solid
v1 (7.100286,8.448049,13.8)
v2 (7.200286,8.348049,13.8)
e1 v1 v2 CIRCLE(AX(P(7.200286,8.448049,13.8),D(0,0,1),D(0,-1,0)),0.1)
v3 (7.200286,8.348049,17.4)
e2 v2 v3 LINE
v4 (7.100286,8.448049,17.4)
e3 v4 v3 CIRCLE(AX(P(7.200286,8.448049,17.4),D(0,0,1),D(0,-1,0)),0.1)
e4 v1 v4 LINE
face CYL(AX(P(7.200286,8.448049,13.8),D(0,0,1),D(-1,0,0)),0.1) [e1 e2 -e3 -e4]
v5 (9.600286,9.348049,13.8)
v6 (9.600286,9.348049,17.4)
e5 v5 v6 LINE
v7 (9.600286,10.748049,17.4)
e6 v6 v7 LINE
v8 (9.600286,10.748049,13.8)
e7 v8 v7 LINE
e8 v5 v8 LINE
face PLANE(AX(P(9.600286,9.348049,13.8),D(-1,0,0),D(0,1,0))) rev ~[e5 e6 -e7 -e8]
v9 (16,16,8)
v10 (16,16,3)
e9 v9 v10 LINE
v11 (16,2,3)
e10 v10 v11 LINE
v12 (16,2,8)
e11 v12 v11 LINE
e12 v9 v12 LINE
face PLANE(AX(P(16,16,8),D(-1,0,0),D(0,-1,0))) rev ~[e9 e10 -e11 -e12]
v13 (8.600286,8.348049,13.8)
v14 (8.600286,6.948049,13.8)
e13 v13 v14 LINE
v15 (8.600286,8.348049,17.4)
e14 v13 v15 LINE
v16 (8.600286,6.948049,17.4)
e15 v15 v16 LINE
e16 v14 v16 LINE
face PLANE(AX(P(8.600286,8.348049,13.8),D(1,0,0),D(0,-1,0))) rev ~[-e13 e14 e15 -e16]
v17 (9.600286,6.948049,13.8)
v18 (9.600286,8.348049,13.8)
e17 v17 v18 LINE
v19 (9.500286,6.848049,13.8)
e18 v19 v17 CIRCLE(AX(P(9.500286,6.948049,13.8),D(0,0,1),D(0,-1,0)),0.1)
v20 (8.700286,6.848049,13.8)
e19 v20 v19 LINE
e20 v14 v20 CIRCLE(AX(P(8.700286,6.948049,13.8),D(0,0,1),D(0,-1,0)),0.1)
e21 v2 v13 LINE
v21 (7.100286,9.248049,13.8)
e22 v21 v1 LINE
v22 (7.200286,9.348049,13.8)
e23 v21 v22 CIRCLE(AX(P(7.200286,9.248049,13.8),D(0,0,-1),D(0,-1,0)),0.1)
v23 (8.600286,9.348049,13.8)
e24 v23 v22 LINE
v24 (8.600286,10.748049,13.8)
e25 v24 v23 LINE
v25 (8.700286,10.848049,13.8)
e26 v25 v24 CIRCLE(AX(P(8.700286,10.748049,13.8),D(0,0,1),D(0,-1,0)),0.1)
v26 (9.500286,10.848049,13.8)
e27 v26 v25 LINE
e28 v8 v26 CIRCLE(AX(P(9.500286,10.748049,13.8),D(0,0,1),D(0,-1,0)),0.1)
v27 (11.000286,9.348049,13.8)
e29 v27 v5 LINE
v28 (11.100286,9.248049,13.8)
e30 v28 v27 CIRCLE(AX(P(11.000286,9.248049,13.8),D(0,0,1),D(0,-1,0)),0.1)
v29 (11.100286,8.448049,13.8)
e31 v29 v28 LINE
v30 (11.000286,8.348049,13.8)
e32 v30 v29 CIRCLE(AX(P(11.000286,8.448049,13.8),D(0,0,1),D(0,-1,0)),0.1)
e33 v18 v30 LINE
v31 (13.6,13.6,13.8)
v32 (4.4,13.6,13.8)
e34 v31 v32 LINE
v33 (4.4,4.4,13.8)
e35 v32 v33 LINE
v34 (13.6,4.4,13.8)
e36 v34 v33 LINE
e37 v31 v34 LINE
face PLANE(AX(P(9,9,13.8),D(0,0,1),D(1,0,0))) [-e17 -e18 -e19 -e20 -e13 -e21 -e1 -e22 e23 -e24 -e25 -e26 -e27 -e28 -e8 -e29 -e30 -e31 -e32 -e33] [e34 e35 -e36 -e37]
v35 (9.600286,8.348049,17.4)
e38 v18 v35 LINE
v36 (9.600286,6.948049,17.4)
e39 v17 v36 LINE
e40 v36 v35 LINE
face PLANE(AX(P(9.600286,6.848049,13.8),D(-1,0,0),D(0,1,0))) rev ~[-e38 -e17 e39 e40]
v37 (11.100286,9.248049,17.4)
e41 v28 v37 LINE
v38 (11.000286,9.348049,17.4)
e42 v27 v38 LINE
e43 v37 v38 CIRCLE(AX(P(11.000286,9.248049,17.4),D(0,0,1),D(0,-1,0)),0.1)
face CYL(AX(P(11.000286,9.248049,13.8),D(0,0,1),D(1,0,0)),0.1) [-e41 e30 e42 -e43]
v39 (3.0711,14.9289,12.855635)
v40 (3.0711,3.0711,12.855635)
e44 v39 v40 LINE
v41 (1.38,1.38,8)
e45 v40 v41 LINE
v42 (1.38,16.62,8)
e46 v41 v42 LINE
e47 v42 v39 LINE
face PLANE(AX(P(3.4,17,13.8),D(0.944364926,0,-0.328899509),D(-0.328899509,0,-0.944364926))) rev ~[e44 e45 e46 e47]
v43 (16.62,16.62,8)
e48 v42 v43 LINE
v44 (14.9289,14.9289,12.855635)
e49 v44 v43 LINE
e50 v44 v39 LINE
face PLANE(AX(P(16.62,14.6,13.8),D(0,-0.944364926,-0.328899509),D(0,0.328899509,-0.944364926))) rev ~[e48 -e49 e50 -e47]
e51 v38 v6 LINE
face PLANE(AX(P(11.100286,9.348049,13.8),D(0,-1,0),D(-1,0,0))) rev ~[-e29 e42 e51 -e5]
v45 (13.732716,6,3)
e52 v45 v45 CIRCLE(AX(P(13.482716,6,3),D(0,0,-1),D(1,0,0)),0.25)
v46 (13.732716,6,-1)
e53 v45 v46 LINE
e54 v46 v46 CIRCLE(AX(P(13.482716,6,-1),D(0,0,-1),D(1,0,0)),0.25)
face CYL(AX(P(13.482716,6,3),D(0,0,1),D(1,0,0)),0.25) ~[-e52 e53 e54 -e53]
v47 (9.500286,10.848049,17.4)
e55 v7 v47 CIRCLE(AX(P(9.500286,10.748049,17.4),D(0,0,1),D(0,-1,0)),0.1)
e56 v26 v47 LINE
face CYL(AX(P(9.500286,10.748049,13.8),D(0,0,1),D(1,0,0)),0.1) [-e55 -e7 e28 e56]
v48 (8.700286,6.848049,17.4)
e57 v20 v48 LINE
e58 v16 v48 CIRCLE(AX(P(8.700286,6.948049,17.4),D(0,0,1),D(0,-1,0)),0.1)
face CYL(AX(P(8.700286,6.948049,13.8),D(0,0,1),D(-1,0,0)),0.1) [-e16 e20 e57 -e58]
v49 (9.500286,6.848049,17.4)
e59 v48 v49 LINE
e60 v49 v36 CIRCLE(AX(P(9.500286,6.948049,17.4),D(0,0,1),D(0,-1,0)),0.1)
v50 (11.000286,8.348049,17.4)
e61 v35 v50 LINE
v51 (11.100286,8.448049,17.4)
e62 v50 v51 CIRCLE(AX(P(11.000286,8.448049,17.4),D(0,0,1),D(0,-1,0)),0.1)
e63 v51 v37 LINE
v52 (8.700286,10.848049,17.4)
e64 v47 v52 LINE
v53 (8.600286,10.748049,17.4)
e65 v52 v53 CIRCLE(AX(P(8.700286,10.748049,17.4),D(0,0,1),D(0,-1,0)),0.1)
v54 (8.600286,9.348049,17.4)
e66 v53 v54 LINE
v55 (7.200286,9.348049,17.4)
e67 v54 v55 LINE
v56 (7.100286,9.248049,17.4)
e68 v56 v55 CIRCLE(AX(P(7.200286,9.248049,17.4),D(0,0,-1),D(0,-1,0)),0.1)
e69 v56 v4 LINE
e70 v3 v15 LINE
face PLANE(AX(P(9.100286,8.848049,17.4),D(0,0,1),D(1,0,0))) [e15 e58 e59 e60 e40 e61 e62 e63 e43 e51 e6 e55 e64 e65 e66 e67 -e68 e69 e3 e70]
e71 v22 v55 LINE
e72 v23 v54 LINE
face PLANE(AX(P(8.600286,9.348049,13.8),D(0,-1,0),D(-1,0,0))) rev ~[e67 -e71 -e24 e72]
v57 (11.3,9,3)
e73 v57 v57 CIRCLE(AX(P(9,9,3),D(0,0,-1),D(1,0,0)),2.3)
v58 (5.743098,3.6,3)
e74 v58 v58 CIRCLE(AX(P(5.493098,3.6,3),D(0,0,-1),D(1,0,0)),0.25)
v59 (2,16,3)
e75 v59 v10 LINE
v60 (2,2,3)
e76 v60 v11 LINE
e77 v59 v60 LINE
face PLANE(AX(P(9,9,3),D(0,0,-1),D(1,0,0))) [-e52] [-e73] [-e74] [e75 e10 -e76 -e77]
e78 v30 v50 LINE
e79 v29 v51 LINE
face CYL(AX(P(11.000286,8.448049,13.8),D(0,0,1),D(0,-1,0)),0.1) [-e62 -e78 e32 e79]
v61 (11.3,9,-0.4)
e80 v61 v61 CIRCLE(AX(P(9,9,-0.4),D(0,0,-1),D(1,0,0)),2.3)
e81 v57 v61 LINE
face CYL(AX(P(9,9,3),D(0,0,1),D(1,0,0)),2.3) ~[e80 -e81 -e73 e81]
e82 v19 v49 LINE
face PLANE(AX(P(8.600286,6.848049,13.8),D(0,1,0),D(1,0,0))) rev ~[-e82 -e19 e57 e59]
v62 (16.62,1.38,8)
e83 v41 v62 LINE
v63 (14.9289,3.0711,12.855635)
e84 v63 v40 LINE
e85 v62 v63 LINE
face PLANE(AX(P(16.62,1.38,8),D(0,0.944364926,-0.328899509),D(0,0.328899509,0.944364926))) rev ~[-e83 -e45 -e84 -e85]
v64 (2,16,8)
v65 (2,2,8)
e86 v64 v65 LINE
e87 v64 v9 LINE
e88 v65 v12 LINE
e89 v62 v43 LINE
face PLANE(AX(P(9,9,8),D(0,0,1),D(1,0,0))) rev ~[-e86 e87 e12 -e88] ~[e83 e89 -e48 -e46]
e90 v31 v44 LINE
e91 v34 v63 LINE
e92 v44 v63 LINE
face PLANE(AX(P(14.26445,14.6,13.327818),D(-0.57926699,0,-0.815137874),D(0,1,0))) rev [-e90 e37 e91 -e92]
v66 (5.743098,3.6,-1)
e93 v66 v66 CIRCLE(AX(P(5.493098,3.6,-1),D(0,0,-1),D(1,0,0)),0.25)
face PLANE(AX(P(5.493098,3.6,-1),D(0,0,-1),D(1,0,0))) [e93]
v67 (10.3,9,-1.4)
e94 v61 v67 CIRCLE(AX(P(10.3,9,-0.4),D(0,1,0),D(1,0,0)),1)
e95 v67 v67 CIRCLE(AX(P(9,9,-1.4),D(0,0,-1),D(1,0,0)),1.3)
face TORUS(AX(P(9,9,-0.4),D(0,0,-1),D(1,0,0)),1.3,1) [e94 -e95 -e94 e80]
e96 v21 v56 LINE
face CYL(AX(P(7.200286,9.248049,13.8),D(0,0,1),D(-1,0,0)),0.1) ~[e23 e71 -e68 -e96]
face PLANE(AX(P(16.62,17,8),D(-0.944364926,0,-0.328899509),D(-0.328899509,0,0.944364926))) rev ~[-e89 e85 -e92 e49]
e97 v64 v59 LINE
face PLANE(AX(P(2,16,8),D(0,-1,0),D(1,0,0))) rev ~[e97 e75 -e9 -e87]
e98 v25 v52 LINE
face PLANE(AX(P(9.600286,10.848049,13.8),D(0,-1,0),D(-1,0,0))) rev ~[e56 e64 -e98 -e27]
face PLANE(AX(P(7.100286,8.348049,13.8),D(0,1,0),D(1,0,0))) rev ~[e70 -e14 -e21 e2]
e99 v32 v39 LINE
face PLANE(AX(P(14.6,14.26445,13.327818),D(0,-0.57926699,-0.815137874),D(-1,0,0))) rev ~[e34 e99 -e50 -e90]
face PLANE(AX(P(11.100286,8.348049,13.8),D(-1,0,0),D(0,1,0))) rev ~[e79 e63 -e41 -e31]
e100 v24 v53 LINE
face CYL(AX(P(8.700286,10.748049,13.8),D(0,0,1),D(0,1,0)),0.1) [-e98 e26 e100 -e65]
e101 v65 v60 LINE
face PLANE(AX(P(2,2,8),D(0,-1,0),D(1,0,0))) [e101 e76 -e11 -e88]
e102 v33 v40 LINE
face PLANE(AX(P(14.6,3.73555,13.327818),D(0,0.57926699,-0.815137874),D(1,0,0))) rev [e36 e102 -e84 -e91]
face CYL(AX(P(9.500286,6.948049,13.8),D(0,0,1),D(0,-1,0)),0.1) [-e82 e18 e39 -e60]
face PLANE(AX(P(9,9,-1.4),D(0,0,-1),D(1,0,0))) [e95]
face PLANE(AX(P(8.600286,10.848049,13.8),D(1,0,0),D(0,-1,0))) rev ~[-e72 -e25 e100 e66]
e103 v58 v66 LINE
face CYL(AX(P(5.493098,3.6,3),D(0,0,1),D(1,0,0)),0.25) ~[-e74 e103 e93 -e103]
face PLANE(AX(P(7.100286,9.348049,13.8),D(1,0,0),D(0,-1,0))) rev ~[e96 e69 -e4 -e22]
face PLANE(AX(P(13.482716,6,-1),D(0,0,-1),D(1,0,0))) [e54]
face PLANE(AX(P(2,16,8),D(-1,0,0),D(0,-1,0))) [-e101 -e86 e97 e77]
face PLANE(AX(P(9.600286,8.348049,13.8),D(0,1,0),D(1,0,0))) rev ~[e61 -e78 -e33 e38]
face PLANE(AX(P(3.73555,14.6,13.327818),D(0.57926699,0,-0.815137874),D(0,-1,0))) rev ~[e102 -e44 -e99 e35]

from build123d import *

# Parameters (mm, degrees)
SKETCH083_W             = 14
SKETCH083_H             = 14
PAD016_DEPTH            = 5
SKETCH084_R             = 2.3
PAD017_DEPTH            = 4.4
FILLET001_R             = 1
SKETCH085_W             = 15.24
SKETCH085_H             = 15.24
PAD018_DEPTH            = 5.8
POCKET009_DEPTH         = 15.241
POCKET010_DEPTH         = 15.621
PAD019_DEPTH            = 3.6
FILLET002_R             = 0.1
CHAMFER_SIZE            = 1
SKETCH089_R             = 0.25
PAD020_DEPTH            = 4
BODY004_PLACEMENT_ANGLE = 180


with BuildPart() as part:
    # Sketch083 → Pad016 (new body)
    with BuildSketch(Plane.XY):
        with Locations((7, 7)):
            Rectangle(SKETCH083_W, SKETCH083_H)
    extrude(amount=PAD016_DEPTH)

    # Sketch084 (on Face6 of Pad016) → Pad017 (join)
    with BuildSketch(Plane.XY.offset(5)):
        with Locations((7, 7)):
            Circle(SKETCH084_R)
    extrude(amount=PAD017_DEPTH)

    # Fillet001
    fillet001_edges = [part.edges().sort_by_distance(p)[0] for p in [
        (4.7, 7, 9.4),
    ]]
    fillet(fillet001_edges, radius=FILLET001_R)

    # Sketch085 (on Face9 of Fillet001) → Pad018 (join)
    with BuildSketch(Plane(origin=(0, 0, 0), x_dir=(1, 0, 0), z_dir=(0, 0, -1))):
        with Locations((7, -7)):
            Rectangle(SKETCH085_W, SKETCH085_H)
    extrude(amount=PAD018_DEPTH)

    # Sketch086 (on Face3 of Pad018) → Pocket009 (cut, through all)
    with BuildSketch(Plane.YZ.offset(14.62)):
        Polygon((-0.62, -5.8), (1.4, -5.8), (-0.62, 0), align=None)
        Polygon((12.6, -5.8), (14.62, -5.8), (14.62, 0), align=None)
    extrude(amount=-POCKET009_DEPTH, mode=Mode.SUBTRACT)

    # Sketch087 → Pocket010 (cut, through all)
    with BuildSketch(Plane.XZ.offset(1)):
        Polygon((12.6, -5.8), (14.62, -5.8), (14.62, 0), align=None)
        Polygon((-0.62, -5.8), (1.4, -5.8), (-0.62, 0), align=None)
    extrude(amount=-POCKET010_DEPTH, mode=Mode.SUBTRACT)

    # Sketch088 (on Face10 of Pocket010) → Pad019 (join)
    with BuildSketch(Plane(origin=(0, 0, -5.8), x_dir=(1, 0, 0), z_dir=(0, 0, -1))):
        Polygon((5.100286, -6.651951), (5.100286, -7.651951), (6.600286, -7.651951), (6.600286, -9.151951), (7.600286, -9.151951), (7.600286, -7.651951), (9.100286, -7.651951), (9.100286, -6.651951), (7.600286, -6.651951), (7.600286, -5.151951), (6.600286, -5.151951), (6.600286, -6.651951), align=None)
    extrude(amount=PAD019_DEPTH)

    # Fillet002
    fillet002_edges = [part.edges().sort_by_distance(p)[0] for p in [
        (6.600286, 9.151951, -7.6),
        (7.600286, 9.151951, -7.6),
        (5.100286, 7.651951, -7.6),
        (9.100286, 7.651951, -7.6),
        (9.100286, 6.651951, -7.6),
        (7.600286, 5.151951, -7.6),
        (6.600286, 5.151951, -7.6),
        (5.100286, 6.651951, -7.6),
    ]]
    fillet(fillet002_edges, radius=FILLET002_R)

    # Chamfer
    chamfer_edges = [part.edges().sort_by_distance(p)[0] for p in [
        (12.6, 7, -5.8),
        (7, 12.6, -5.8),
        (1.4, 7, -5.8),
        (7, 1.4, -5.8),
    ]]
    chamfer(chamfer_edges, length=CHAMFER_SIZE)

    # Sketch089 (on Face36 of Chamfer) → Pad020 (join)
    with BuildSketch(Plane.XY.offset(5)):
        with Locations((11.482716, 10)):
            Circle(SKETCH089_R)
        with Locations((3.493098, 12.4)):
            Circle(SKETCH089_R)
    extrude(amount=PAD020_DEPTH)


with BuildPart() as part_1:
    # Body004 placement: moved
    add(part.part.moved(Location((2, 16, 8))).rotate(Axis((2, 16, 8), (1, 0, 0)), BODY004_PLACEMENT_ANGLE))


solid = part_1.part
